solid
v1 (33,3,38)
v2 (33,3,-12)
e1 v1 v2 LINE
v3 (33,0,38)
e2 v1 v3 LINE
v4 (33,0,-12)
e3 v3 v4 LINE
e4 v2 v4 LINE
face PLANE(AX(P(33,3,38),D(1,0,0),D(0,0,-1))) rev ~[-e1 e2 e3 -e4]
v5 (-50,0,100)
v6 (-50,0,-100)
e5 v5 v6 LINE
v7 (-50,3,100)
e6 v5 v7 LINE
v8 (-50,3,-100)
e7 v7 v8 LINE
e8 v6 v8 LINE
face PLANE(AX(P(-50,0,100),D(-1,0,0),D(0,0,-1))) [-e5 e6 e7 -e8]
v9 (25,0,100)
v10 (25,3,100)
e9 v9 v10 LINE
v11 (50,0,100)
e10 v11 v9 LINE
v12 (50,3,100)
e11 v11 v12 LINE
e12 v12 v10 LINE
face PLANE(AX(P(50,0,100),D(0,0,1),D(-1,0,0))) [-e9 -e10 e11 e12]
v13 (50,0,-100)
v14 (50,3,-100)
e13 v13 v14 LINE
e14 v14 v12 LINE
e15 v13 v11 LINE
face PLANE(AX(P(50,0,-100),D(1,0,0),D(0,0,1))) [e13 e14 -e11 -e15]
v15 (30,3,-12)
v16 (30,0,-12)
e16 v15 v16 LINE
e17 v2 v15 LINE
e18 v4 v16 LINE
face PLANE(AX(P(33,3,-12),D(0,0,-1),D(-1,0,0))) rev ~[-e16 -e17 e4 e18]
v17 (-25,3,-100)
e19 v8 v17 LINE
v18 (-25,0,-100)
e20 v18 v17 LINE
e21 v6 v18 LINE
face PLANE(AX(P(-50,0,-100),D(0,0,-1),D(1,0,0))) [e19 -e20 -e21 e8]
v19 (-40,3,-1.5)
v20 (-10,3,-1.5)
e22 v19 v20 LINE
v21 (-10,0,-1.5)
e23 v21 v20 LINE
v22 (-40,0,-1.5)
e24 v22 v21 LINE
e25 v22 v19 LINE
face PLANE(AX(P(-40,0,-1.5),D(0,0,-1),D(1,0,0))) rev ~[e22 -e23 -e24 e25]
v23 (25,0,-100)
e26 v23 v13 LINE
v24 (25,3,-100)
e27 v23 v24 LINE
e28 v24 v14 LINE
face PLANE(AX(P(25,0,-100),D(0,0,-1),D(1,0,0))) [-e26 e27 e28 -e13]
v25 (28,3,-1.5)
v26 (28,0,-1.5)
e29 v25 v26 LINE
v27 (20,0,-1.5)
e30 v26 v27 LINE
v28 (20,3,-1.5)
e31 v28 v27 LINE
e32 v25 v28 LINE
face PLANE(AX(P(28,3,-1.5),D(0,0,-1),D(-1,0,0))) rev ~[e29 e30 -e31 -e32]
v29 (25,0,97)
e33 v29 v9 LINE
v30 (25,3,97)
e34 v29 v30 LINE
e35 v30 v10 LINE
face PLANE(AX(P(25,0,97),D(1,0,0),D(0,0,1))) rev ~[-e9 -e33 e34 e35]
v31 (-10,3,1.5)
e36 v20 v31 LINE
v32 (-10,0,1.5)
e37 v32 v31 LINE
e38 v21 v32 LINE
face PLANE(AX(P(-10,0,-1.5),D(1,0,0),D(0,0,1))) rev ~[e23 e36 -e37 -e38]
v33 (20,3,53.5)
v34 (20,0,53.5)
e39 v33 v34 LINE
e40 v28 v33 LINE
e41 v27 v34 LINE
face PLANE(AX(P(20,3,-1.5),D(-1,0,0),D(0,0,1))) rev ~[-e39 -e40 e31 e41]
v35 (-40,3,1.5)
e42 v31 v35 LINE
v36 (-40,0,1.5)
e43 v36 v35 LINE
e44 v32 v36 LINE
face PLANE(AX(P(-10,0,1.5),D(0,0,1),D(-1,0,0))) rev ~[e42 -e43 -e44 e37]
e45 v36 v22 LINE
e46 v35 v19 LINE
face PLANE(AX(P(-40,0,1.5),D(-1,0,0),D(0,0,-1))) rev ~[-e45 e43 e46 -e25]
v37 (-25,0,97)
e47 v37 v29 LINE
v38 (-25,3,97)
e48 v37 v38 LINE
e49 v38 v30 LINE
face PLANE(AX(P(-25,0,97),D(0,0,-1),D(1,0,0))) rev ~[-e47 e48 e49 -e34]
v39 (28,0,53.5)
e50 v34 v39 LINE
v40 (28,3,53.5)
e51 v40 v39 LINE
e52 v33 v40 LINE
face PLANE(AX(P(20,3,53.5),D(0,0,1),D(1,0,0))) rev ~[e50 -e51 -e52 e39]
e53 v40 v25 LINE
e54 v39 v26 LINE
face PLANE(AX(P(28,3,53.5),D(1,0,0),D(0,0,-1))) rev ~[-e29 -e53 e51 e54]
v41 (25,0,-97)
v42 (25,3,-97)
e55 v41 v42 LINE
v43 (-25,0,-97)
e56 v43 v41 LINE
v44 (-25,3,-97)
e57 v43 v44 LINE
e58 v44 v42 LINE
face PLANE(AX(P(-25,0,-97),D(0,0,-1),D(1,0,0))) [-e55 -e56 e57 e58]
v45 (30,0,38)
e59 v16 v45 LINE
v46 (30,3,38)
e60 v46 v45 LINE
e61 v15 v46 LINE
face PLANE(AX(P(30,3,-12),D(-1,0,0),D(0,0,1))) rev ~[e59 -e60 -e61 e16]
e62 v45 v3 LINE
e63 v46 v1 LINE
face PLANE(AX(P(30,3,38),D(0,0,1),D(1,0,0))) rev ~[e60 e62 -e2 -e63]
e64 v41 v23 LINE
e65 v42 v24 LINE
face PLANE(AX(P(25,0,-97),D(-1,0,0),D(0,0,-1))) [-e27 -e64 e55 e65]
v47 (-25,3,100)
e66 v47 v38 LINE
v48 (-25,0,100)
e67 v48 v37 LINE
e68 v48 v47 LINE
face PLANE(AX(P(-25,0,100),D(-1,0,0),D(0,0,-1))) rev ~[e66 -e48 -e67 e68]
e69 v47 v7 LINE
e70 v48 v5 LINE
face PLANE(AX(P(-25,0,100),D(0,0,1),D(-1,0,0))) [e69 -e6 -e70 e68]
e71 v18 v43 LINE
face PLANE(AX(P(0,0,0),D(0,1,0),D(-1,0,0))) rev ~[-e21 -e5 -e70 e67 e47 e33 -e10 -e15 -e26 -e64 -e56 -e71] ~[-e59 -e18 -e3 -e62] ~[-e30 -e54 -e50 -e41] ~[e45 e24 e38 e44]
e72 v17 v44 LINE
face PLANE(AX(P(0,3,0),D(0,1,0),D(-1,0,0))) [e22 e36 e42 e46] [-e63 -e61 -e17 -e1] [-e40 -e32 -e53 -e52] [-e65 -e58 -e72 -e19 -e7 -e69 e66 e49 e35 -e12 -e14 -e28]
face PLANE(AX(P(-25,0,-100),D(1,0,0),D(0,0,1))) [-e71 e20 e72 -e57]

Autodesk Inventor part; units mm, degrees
ref_plane "YZ Plane" through (0, 0, 0) normal (1, 0, 0) x (0, 1, 0)
ref_plane "XZ Plane" through (0, 0, 0) normal (0, 1, 0) x (-1, 0, 0)
ref_plane "XY Plane" through (0, 0, 0) normal (0, 0, 1) x (1, 0, 0)
sketch "Boceto1" plane through (0, 0, 0) normal (0, 1, 0) x (-1, 0, 0)
  line L0 (50, 100) -> (50, -100)
  line L1 (-50, 100) -> (50, -100) construction
  line L2 (50, 100) -> (-50, -100) construction
  line L3 (25, 100) -> (25, 97)
  line L4 (25, 97) -> (-25, 97)
  line L5 (-25, 97) -> (-25, 100)
  line L6 (-50, 100) -> (-25, 100)
  line L7 (25, 100) -> (50, 100)
  line L8 (25, -100) -> (25, -97)
  line L9 (25, -97) -> (-25, -97)
  line L10 (-25, -97) -> (-25, -100)
  line L11 (50, -100) -> (25, -100)
  line L12 (-25, -100) -> (-50, -100)
  line L13 (-50, -100) -> (-50, 100)
  point P0 (0, 0)
  dimension "d0" = 100
  dimension "d1" = 200
  dimension "d4" = 3
  dimension "d5" = 50
  dimension "d7" = 3
  dimension "d8" = 50
  dimension "d12" = 25
extrude "Extrusión1" add sketch "Boceto1" along normal blind 3
sketch "Boceto2" plane through (0, 3, 0) normal (0, 1, 0) x (1, 0, 0)
  line L0 (33, 12) -> (30, 12)
  line L1 (30, 12) -> (30, -38)
  line L2 (30, -38) -> (33, -38)
  line L3 (33, -38) -> (33, 12)
  line L4 (50, 100) -> (25, 100) projected
  line L5 (-50, 100) -> (-50, -100) projected
  point P0 (0, 0)
  dimension "d17" = 3
  dimension "d18" = 50
  dimension "d19" = 88
  dimension "d20" = 80
extrude "Extrusión2" cut sketch "Boceto2" against normal blind 3
sketch "Boceto3" plane through (0, 0, 0) normal (0, -1, 0) x (1, 0, 0)
  line L0 (-40, -1.5) -> (-10, -1.5)
  line L1 (-10, -1.5) -> (-10, 1.5)
  line L2 (-10, 1.5) -> (-40, 1.5)
  line L3 (-40, 1.5) -> (-40, -1.5)
  line L4 (-50, -100) -> (-25, -100) projected
  line L5 (30, -12) -> (30, 38) projected
  point P0 (0, 0)
  dimension "d23" = 30
  dimension "d24" = 3
  dimension "d25" = 98.5
  dimension "d26" = 40
extrude "Extrusión3" cut sketch "Boceto3" against normal blind 3
sketch "Boceto4" plane through (0, 3, 0) normal (0, 1, 0) x (1, 0, 0)
  line L0 (28, 1.5) -> (20, 1.5)
  line L1 (20, 1.5) -> (20, -53.5)
  line L2 (20, -53.5) -> (28, -53.5)
  line L3 (28, -53.5) -> (28, 1.5)
  line L4 (-25, -97) -> (25, -97) projected
  line L5 (30, -38) -> (30, 12) projected
  line L6 (28, -26) -> (20, -26) construction
  line L7 (25, -100) -> (50, -100) projected
  point P0 (0, 0)
  dimension "d29" = 55
  dimension "d30" = 8
  dimension "d32" = 2
  dimension "d35" = 74
extrude "Extrusión4" cut sketch "Boceto4" against normal blind 3
properties part number "Piso"
